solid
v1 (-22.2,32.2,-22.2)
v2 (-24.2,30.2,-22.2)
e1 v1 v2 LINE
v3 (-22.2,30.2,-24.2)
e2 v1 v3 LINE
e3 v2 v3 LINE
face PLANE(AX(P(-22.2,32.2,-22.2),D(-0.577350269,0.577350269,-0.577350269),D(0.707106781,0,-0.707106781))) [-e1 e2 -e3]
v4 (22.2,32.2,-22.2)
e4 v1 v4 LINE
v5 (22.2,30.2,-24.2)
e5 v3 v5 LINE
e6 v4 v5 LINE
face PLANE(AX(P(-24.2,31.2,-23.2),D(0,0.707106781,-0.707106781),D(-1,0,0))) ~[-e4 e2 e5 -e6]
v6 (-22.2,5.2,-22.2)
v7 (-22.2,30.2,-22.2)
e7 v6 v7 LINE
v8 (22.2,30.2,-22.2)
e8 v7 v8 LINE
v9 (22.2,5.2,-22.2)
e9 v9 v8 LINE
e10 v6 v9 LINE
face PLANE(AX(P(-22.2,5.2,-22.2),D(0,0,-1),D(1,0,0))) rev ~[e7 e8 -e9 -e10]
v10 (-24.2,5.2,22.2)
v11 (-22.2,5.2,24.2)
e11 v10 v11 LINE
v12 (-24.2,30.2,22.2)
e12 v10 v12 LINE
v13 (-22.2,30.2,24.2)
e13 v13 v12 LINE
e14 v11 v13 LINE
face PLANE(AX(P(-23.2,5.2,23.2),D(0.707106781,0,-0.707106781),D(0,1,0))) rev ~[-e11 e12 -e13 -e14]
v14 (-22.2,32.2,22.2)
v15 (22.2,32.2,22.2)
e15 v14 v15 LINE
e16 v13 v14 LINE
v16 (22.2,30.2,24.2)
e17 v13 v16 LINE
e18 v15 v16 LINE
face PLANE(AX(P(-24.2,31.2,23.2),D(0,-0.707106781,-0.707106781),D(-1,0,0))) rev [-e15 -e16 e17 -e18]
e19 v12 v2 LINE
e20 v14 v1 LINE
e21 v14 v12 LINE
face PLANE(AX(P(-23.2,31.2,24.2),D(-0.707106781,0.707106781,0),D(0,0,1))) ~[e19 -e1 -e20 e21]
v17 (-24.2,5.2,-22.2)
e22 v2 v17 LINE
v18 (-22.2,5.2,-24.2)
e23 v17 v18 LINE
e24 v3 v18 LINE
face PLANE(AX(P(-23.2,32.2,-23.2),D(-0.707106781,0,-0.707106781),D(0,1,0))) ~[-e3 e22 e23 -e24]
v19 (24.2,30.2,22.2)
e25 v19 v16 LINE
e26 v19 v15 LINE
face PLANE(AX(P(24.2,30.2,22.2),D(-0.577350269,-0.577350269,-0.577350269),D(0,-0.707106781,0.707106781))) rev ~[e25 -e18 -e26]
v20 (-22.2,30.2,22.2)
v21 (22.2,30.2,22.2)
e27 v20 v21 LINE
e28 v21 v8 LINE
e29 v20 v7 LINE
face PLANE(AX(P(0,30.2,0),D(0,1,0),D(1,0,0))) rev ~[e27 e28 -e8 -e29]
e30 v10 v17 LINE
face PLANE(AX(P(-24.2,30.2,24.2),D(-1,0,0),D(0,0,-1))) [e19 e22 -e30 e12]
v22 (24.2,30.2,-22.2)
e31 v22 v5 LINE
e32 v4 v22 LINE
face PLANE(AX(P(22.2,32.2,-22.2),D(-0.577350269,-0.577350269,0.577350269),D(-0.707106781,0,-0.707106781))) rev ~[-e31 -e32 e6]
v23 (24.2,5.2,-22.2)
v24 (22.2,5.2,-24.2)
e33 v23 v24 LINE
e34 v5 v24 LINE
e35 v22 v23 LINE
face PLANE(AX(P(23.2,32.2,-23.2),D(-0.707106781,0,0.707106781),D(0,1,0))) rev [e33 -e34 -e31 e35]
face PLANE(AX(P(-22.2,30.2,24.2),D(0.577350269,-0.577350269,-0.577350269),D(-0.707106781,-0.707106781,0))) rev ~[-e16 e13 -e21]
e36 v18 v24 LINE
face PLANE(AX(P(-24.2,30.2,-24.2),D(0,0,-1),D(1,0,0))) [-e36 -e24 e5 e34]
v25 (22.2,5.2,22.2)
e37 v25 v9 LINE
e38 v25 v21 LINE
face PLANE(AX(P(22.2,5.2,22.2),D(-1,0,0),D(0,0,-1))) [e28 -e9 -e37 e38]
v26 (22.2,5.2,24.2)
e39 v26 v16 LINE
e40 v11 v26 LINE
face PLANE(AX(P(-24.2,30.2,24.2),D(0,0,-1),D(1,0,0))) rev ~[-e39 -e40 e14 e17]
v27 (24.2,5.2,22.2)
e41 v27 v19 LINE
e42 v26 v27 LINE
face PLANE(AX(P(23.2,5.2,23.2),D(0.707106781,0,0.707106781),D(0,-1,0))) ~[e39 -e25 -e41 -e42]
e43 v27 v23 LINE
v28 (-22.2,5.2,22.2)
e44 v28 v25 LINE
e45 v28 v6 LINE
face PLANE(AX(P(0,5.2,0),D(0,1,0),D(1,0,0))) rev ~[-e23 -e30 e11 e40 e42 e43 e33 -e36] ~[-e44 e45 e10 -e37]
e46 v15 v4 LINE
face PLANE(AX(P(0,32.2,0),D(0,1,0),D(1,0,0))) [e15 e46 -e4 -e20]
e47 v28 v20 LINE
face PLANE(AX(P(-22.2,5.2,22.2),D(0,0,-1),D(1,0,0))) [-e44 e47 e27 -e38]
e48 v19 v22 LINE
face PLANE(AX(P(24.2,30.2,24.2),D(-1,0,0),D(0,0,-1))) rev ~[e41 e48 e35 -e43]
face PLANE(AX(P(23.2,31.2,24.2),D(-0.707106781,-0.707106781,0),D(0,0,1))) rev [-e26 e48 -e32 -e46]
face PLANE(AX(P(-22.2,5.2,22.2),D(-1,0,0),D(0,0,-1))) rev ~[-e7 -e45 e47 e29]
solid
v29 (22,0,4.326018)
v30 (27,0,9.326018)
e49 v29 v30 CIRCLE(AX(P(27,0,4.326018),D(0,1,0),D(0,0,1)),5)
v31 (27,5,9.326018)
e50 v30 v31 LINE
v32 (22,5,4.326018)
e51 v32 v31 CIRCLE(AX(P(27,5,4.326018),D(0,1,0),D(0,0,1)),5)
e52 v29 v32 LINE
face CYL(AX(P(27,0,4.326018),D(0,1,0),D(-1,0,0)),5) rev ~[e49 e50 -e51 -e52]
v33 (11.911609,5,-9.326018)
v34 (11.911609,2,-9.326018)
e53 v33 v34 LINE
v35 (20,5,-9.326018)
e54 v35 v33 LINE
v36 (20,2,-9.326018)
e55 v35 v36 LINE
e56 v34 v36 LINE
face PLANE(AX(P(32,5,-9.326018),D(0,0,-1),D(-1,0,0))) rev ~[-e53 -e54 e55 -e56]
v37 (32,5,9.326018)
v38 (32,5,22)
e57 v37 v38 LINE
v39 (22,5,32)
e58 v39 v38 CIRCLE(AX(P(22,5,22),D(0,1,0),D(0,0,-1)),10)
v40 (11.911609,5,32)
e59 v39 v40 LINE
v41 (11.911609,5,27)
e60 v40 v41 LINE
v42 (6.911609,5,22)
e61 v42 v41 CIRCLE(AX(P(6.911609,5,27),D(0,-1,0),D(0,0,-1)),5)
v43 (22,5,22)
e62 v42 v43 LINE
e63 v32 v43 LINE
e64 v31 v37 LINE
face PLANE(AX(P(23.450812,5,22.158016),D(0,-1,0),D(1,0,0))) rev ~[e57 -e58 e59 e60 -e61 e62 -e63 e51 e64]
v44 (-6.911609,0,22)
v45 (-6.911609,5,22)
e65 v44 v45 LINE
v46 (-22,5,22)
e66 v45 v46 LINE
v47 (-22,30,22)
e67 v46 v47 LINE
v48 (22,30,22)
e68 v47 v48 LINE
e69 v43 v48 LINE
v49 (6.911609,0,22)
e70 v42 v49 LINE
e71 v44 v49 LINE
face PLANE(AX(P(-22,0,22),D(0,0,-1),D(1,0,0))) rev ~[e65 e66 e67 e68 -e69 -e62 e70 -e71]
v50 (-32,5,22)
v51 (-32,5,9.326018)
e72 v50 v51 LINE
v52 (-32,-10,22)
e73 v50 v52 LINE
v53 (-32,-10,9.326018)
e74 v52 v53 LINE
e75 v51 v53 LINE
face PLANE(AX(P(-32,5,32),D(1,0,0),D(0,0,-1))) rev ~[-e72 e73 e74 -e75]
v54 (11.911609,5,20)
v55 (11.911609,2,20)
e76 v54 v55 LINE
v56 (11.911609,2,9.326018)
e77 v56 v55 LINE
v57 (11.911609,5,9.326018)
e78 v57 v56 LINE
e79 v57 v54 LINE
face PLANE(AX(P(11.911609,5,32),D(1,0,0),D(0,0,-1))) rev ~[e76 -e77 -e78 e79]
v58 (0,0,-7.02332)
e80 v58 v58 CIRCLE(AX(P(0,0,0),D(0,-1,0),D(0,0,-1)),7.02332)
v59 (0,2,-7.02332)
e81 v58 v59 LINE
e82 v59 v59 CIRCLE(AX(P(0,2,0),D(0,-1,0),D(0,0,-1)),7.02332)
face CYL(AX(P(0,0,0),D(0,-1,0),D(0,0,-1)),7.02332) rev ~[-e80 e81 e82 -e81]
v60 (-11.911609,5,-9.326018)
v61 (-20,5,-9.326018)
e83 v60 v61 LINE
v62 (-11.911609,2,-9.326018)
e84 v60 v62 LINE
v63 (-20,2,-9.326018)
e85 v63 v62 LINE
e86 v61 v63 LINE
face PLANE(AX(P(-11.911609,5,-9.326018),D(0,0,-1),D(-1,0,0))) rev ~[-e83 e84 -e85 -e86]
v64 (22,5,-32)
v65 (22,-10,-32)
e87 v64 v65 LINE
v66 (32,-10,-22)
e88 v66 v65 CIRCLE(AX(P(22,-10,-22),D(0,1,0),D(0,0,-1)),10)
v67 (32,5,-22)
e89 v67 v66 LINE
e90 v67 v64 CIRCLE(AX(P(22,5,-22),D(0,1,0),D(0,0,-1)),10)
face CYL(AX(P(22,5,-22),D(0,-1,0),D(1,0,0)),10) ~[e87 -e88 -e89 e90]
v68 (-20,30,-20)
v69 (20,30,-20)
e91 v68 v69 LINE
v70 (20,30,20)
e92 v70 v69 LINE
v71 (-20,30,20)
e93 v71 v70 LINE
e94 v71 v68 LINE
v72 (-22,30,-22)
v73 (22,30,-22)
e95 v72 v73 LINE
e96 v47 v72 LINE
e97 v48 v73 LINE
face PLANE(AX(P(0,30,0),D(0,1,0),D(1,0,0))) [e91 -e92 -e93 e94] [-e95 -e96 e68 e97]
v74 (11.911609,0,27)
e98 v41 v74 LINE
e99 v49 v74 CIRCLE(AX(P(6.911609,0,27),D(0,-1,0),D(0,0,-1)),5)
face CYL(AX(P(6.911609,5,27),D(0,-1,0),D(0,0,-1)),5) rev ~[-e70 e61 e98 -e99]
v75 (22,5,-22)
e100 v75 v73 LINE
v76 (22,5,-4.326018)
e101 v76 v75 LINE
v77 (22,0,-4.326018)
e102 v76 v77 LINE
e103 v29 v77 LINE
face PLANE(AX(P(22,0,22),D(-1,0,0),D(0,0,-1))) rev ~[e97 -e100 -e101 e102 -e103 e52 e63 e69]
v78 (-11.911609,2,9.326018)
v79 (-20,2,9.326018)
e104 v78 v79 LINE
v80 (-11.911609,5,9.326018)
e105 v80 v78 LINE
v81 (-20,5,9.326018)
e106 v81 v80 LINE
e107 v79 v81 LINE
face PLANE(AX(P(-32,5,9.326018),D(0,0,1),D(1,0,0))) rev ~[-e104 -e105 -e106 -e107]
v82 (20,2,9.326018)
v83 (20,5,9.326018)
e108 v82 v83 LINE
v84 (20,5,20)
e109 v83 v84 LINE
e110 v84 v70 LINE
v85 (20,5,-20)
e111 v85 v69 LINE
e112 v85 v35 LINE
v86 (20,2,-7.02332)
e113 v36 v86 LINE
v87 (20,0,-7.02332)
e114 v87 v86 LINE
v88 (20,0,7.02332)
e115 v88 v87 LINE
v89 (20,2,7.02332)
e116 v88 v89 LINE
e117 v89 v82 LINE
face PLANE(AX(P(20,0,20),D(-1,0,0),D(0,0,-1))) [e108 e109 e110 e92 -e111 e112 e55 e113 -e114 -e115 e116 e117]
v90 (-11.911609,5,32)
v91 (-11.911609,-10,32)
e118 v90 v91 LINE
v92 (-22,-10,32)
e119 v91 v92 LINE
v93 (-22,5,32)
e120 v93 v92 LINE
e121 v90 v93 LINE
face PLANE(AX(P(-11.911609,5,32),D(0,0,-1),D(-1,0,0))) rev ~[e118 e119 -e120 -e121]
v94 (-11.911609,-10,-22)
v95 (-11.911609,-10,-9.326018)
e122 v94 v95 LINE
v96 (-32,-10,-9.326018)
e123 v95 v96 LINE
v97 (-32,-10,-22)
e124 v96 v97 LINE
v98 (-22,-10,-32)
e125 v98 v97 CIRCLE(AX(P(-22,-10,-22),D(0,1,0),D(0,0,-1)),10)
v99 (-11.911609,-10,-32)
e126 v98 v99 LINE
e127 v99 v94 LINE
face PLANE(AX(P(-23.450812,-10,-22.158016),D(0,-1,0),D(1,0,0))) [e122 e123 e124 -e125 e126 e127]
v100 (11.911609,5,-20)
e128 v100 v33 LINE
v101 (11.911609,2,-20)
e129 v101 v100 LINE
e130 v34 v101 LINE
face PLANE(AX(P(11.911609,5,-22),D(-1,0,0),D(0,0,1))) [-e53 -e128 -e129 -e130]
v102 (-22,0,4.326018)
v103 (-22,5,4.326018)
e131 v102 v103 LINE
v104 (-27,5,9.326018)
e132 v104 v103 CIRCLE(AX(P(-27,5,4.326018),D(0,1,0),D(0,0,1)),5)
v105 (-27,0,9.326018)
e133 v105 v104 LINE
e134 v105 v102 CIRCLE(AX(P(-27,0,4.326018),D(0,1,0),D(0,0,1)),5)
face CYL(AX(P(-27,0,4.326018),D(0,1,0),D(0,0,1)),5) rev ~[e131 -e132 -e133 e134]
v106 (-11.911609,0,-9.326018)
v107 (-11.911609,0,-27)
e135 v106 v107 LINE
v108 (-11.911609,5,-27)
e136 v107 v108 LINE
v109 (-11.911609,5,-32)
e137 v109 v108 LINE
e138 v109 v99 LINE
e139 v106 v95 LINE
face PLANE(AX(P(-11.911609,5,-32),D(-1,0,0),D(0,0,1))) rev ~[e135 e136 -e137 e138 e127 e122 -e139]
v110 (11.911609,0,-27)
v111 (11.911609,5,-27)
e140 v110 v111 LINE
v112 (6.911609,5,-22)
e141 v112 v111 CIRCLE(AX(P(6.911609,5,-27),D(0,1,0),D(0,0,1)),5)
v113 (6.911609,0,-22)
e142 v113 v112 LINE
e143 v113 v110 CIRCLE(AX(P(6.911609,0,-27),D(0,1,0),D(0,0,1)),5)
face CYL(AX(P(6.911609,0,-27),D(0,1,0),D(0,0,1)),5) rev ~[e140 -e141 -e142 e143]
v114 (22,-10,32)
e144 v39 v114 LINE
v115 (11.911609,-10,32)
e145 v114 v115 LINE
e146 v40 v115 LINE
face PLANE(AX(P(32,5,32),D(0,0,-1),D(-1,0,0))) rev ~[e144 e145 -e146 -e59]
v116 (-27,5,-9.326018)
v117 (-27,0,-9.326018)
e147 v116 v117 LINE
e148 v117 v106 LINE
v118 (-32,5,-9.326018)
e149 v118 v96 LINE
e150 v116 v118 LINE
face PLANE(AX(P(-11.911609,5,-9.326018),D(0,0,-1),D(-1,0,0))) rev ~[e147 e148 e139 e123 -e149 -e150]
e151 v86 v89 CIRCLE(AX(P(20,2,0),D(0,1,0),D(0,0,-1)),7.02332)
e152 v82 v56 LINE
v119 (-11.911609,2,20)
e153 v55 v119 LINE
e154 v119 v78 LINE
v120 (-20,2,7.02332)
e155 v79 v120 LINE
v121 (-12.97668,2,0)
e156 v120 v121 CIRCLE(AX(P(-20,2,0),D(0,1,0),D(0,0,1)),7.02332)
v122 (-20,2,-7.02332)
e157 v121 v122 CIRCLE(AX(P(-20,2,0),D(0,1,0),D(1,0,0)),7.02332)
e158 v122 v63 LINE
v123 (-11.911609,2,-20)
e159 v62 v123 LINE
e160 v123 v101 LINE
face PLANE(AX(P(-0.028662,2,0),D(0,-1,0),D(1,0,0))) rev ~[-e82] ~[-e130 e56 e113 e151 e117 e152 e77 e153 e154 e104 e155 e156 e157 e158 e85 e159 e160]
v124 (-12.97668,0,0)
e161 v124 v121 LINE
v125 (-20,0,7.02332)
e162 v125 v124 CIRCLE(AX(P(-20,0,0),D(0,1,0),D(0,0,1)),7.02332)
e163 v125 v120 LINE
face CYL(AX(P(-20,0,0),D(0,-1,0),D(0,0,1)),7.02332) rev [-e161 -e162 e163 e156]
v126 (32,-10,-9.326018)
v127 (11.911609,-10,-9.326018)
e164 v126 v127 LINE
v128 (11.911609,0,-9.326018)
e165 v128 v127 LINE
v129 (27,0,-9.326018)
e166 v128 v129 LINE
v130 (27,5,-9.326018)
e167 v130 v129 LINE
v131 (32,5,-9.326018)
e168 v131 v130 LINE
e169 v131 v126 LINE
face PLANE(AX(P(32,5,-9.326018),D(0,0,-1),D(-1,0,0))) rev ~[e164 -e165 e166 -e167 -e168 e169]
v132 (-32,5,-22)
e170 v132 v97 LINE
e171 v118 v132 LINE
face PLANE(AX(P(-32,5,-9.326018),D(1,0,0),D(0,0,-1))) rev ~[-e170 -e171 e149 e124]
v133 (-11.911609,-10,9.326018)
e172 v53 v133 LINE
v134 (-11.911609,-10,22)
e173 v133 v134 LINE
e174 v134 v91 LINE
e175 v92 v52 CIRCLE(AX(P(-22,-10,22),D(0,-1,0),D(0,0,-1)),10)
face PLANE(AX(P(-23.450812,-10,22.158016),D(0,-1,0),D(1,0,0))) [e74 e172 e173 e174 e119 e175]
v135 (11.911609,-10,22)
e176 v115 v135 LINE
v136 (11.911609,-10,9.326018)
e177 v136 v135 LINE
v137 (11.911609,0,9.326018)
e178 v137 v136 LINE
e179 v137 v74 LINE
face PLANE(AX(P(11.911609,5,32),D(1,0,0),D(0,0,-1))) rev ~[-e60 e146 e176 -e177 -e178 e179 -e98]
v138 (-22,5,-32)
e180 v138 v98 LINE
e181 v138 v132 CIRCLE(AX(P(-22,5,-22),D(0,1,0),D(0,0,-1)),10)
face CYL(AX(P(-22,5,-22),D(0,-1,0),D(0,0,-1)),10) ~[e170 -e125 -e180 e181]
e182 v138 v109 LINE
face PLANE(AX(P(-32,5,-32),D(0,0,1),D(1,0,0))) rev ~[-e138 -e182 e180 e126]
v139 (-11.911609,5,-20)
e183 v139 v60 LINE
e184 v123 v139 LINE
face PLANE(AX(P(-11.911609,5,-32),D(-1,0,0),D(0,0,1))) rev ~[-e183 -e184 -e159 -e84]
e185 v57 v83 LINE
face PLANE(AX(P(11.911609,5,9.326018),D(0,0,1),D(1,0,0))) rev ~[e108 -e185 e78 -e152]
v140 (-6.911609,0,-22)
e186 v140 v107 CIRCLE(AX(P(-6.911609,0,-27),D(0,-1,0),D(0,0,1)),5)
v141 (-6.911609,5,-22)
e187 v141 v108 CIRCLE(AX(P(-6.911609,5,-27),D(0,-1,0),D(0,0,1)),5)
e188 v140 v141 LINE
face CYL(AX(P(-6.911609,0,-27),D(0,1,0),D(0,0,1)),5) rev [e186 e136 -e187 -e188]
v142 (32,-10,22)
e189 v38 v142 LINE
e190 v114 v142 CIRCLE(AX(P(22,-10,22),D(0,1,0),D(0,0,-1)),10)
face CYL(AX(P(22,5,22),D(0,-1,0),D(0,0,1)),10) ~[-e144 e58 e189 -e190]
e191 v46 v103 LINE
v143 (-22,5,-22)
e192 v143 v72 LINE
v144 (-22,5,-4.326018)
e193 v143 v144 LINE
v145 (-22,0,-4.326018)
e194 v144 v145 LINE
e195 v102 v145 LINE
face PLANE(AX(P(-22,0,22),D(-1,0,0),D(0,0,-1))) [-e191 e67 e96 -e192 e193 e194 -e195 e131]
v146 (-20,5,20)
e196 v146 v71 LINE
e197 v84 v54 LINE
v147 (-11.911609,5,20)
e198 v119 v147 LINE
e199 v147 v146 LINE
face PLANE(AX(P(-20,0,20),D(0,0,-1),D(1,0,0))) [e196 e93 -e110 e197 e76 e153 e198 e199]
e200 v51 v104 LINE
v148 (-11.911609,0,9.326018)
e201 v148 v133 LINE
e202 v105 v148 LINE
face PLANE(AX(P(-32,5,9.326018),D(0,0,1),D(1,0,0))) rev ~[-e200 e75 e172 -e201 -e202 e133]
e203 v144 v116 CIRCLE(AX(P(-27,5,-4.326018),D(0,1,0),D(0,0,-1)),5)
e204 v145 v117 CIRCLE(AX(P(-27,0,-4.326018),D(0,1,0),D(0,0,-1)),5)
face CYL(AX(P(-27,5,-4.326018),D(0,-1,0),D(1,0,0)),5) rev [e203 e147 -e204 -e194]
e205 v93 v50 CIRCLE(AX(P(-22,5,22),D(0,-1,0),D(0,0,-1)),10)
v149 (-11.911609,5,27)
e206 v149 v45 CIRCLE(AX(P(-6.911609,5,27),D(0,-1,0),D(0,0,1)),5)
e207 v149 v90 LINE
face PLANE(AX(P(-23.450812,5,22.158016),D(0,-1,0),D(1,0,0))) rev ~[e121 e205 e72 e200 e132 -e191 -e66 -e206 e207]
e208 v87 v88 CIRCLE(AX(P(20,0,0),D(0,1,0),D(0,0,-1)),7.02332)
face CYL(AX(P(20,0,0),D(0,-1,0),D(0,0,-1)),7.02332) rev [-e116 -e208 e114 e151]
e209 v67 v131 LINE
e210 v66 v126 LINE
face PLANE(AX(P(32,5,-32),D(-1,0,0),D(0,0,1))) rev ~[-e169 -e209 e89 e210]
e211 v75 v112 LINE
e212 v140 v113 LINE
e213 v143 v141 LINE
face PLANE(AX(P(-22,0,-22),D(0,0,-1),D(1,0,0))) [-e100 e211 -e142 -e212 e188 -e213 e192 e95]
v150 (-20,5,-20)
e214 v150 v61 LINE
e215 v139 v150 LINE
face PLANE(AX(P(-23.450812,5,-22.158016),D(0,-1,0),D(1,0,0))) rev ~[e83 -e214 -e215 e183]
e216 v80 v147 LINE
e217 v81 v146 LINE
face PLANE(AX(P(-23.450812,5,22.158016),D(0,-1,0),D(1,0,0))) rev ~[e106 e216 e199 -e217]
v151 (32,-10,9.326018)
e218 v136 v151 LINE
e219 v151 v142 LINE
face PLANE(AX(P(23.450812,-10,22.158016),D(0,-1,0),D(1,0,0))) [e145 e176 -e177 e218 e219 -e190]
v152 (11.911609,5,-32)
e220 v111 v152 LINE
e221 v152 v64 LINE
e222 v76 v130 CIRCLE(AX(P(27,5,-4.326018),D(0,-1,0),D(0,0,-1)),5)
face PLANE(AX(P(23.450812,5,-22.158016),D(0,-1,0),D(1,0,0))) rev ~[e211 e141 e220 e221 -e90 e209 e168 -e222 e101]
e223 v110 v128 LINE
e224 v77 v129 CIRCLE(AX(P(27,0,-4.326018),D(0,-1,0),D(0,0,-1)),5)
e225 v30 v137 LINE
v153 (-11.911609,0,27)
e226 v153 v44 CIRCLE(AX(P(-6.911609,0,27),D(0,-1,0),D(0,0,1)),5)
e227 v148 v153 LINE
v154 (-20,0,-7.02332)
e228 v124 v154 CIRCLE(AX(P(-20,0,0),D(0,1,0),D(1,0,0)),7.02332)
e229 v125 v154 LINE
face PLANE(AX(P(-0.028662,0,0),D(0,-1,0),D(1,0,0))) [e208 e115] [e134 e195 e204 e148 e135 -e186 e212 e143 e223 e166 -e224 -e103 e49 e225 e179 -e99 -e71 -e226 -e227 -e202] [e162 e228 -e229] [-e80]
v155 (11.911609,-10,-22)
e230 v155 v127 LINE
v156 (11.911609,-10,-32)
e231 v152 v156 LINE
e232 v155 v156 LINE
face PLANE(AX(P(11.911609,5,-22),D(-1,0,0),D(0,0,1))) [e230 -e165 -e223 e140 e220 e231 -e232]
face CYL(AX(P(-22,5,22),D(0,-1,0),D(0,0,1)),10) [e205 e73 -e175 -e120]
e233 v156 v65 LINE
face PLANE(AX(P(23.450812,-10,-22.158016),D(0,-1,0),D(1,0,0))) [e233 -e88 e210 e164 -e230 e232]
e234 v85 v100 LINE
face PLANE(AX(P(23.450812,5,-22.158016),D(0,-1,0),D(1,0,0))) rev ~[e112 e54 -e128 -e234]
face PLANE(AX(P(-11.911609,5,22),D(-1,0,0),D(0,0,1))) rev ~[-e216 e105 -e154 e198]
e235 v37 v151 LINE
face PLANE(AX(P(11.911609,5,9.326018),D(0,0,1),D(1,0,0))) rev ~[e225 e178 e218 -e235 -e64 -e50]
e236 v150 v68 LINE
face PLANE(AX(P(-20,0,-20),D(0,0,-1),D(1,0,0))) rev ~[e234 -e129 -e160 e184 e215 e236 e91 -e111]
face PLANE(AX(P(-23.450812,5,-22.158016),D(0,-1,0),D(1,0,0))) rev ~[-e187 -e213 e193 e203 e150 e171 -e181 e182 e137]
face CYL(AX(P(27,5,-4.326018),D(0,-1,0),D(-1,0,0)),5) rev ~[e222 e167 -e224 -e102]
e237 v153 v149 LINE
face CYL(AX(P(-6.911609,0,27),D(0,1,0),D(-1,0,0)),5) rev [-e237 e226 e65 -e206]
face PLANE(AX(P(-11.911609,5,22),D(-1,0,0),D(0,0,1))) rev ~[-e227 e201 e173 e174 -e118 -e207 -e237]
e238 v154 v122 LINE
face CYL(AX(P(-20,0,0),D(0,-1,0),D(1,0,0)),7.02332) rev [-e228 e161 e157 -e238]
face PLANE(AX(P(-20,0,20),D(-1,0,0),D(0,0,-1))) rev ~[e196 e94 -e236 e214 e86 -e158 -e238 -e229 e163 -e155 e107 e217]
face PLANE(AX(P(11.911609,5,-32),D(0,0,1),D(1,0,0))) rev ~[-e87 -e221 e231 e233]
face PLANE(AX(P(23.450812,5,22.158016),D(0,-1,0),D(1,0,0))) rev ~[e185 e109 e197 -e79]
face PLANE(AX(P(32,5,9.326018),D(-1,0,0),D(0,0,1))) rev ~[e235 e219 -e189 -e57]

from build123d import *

# Parameters (mm, degrees)
SKETCH1_W           = 44
SKETCH1_H           = 44
SKETCH1_W_2         = 40
SKETCH1_H_2         = 40
EXTRUDE_THIN1_DEPTH = 30
SKETCH3_R           = 7.023320088
BOSS_EXTRUDE1_DEPTH = 2
BOSS_EXTRUDE2_START = -5
SKETCH4_W           = 10.088390541
SKETCH4_H           = 12.67398169
BOSS_EXTRUDE2_DEPTH = 15
EXTRUDE_THIN2_START = -24.8
SKETCH5_W           = 48.4
SKETCH5_H           = 48.4
SKETCH5_W_2         = 44.4
SKETCH5_H_2         = 44.4
EXTRUDE_THIN2_DEPTH = 25
SKETCH6_W           = 48.4
SKETCH6_H           = 48.4
BOSS_EXTRUDE3_DEPTH = 2
CHAMFER2_SIZE       = 2
FILLET1_R           = 10
FILLET2_R           = 5


with BuildPart() as part:
    # Sketch1 → Extrude-Thin1 (new body)
    with BuildSketch(Plane(origin=(0, 0, 0), x_dir=(1, 0, 0), z_dir=(0, 1, 0))):
        Rectangle(SKETCH1_W, SKETCH1_H)
        Rectangle(SKETCH1_W_2, SKETCH1_H_2, mode=Mode.SUBTRACT)
    extrude(amount=EXTRUDE_THIN1_DEPTH)

    # Sketch3 → Boss-Extrude1 (add)
    with BuildSketch(Plane.XZ):
        with BuildLine():
            Line((20, 20), (-20, 20))
            Line((-20, 20), (-20, 7.023320088))
            ThreePointArc((-20, 7.023320088), (-15.033762739, 4.966237261), (-12.976679912, 0))
            ThreePointArc((-12.976679912, 0), (-15.033762739, -4.966237261), (-20, -7.023320088))
            Line((-20, -7.023320088), (-20, -20))
            Line((-20, -20), (20, -20))
            Line((20, -20), (20, -7.023320088))
            ThreePointArc((20, -7.023320088), (12.976679912, 0), (20, 7.023320088))
            Line((20, 7.023320088), (20, 20))
        make_face()
        with Locations(Location((0, 0, 0), (0, 0, 270))):
            Circle(SKETCH3_R, mode=Mode.SUBTRACT)
    extrude(amount=-BOSS_EXTRUDE1_DEPTH)

    # Sketch4 → Boss-Extrude2 (add)
    with BuildSketch(Plane.XZ.offset(BOSS_EXTRUDE2_START)):
        Polygon((-11.911609459, 22), (-11.911609459, 32), (-32, 32), (-32, 9.32601831), (-22, 9.32601831), (-22, 22), align=None)
        Polygon((22, 9.32601831), (32, 9.32601831), (32, 32), (11.911609459, 32), (11.911609459, 22), (22, 22), align=None)
        Polygon((11.911609459, -32), (32, -32), (32, -9.32601831), (22, -9.32601831), (22, -22), (11.911609459, -22), align=None)
        with Locations((16.95580473, -15.663009155)):
            Rectangle(SKETCH4_W, SKETCH4_H)
        Polygon((-32, -32), (-11.911609459, -32), (-11.911609459, -22), (-22, -22), (-22, -9.32601831), (-32, -9.32601831), align=None)
        with Locations((-16.95580473, -15.663009155)):
            Rectangle(SKETCH4_W, SKETCH4_H)
        with Locations((-16.95580473, 15.663009155)):
            Rectangle(SKETCH4_W, SKETCH4_H)
        with Locations((16.95580473, 15.663009155)):
            Rectangle(SKETCH4_W, SKETCH4_H)
    extrude(amount=BOSS_EXTRUDE2_DEPTH)

    # Fillet1
    fillet1_edges = [part.edges().sort_by_distance(p)[0] for p in [
        (-32, -2.5, 32),
        (32, -2.5, 32),
        (32, -2.5, -32),
        (-32, -2.5, -32),
    ]]
    fillet(fillet1_edges, radius=FILLET1_R)

    # Fillet2
    fillet2_edges = [part.edges().sort_by_distance(p)[0] for p in [
        (-11.911609459, 2.5, 22),
        (-22, 2.5, 9.32601831),
        (11.911609459, 2.5, 22),
        (22, 2.5, 9.32601831),
        (22, 2.5, -9.32601831),
        (11.911609459, 2.5, -22),
        (-11.911609459, 2.5, -22),
        (-22, 2.5, -9.32601831),
    ]]
    fillet(fillet2_edges, radius=FILLET2_R)


with BuildPart() as body_2:
    # Sketch5 → Extrude-Thin2 (new body)
    with BuildSketch(Plane(origin=(0, 30, 0), x_dir=(1, 0, 0), z_dir=(0, 1, 0)).offset(EXTRUDE_THIN2_START)):
        Rectangle(SKETCH5_W, SKETCH5_H)
        Rectangle(SKETCH5_W_2, SKETCH5_H_2, mode=Mode.SUBTRACT)
    extrude(amount=EXTRUDE_THIN2_DEPTH)

    # Sketch6 → Boss-Extrude3 (add)
    with BuildSketch(Plane(origin=(0, 30.2, 0), x_dir=(1, 0, 0), z_dir=(0, 1, 0))):
        Rectangle(SKETCH6_W, SKETCH6_H)
    extrude(amount=BOSS_EXTRUDE3_DEPTH)

    # Chamfer2
    chamfer2_edges = [body_2.edges().sort_by_distance(p)[0] for p in [
        (-24.2, 18.7, -24.2),
        (24.2, 18.7, -24.2),
        (-24.2, 32.2, 0),
        (0, 32.2, 24.2),
        (24.2, 32.2, 0),
        (0, 32.2, -24.2),
        (24.2, 18.7, 24.2),
        (-24.2, 18.7, 24.2),
    ]]
    chamfer(chamfer2_edges, length=CHAMFER2_SIZE)


solid = Compound([part.part, body_2.part])
